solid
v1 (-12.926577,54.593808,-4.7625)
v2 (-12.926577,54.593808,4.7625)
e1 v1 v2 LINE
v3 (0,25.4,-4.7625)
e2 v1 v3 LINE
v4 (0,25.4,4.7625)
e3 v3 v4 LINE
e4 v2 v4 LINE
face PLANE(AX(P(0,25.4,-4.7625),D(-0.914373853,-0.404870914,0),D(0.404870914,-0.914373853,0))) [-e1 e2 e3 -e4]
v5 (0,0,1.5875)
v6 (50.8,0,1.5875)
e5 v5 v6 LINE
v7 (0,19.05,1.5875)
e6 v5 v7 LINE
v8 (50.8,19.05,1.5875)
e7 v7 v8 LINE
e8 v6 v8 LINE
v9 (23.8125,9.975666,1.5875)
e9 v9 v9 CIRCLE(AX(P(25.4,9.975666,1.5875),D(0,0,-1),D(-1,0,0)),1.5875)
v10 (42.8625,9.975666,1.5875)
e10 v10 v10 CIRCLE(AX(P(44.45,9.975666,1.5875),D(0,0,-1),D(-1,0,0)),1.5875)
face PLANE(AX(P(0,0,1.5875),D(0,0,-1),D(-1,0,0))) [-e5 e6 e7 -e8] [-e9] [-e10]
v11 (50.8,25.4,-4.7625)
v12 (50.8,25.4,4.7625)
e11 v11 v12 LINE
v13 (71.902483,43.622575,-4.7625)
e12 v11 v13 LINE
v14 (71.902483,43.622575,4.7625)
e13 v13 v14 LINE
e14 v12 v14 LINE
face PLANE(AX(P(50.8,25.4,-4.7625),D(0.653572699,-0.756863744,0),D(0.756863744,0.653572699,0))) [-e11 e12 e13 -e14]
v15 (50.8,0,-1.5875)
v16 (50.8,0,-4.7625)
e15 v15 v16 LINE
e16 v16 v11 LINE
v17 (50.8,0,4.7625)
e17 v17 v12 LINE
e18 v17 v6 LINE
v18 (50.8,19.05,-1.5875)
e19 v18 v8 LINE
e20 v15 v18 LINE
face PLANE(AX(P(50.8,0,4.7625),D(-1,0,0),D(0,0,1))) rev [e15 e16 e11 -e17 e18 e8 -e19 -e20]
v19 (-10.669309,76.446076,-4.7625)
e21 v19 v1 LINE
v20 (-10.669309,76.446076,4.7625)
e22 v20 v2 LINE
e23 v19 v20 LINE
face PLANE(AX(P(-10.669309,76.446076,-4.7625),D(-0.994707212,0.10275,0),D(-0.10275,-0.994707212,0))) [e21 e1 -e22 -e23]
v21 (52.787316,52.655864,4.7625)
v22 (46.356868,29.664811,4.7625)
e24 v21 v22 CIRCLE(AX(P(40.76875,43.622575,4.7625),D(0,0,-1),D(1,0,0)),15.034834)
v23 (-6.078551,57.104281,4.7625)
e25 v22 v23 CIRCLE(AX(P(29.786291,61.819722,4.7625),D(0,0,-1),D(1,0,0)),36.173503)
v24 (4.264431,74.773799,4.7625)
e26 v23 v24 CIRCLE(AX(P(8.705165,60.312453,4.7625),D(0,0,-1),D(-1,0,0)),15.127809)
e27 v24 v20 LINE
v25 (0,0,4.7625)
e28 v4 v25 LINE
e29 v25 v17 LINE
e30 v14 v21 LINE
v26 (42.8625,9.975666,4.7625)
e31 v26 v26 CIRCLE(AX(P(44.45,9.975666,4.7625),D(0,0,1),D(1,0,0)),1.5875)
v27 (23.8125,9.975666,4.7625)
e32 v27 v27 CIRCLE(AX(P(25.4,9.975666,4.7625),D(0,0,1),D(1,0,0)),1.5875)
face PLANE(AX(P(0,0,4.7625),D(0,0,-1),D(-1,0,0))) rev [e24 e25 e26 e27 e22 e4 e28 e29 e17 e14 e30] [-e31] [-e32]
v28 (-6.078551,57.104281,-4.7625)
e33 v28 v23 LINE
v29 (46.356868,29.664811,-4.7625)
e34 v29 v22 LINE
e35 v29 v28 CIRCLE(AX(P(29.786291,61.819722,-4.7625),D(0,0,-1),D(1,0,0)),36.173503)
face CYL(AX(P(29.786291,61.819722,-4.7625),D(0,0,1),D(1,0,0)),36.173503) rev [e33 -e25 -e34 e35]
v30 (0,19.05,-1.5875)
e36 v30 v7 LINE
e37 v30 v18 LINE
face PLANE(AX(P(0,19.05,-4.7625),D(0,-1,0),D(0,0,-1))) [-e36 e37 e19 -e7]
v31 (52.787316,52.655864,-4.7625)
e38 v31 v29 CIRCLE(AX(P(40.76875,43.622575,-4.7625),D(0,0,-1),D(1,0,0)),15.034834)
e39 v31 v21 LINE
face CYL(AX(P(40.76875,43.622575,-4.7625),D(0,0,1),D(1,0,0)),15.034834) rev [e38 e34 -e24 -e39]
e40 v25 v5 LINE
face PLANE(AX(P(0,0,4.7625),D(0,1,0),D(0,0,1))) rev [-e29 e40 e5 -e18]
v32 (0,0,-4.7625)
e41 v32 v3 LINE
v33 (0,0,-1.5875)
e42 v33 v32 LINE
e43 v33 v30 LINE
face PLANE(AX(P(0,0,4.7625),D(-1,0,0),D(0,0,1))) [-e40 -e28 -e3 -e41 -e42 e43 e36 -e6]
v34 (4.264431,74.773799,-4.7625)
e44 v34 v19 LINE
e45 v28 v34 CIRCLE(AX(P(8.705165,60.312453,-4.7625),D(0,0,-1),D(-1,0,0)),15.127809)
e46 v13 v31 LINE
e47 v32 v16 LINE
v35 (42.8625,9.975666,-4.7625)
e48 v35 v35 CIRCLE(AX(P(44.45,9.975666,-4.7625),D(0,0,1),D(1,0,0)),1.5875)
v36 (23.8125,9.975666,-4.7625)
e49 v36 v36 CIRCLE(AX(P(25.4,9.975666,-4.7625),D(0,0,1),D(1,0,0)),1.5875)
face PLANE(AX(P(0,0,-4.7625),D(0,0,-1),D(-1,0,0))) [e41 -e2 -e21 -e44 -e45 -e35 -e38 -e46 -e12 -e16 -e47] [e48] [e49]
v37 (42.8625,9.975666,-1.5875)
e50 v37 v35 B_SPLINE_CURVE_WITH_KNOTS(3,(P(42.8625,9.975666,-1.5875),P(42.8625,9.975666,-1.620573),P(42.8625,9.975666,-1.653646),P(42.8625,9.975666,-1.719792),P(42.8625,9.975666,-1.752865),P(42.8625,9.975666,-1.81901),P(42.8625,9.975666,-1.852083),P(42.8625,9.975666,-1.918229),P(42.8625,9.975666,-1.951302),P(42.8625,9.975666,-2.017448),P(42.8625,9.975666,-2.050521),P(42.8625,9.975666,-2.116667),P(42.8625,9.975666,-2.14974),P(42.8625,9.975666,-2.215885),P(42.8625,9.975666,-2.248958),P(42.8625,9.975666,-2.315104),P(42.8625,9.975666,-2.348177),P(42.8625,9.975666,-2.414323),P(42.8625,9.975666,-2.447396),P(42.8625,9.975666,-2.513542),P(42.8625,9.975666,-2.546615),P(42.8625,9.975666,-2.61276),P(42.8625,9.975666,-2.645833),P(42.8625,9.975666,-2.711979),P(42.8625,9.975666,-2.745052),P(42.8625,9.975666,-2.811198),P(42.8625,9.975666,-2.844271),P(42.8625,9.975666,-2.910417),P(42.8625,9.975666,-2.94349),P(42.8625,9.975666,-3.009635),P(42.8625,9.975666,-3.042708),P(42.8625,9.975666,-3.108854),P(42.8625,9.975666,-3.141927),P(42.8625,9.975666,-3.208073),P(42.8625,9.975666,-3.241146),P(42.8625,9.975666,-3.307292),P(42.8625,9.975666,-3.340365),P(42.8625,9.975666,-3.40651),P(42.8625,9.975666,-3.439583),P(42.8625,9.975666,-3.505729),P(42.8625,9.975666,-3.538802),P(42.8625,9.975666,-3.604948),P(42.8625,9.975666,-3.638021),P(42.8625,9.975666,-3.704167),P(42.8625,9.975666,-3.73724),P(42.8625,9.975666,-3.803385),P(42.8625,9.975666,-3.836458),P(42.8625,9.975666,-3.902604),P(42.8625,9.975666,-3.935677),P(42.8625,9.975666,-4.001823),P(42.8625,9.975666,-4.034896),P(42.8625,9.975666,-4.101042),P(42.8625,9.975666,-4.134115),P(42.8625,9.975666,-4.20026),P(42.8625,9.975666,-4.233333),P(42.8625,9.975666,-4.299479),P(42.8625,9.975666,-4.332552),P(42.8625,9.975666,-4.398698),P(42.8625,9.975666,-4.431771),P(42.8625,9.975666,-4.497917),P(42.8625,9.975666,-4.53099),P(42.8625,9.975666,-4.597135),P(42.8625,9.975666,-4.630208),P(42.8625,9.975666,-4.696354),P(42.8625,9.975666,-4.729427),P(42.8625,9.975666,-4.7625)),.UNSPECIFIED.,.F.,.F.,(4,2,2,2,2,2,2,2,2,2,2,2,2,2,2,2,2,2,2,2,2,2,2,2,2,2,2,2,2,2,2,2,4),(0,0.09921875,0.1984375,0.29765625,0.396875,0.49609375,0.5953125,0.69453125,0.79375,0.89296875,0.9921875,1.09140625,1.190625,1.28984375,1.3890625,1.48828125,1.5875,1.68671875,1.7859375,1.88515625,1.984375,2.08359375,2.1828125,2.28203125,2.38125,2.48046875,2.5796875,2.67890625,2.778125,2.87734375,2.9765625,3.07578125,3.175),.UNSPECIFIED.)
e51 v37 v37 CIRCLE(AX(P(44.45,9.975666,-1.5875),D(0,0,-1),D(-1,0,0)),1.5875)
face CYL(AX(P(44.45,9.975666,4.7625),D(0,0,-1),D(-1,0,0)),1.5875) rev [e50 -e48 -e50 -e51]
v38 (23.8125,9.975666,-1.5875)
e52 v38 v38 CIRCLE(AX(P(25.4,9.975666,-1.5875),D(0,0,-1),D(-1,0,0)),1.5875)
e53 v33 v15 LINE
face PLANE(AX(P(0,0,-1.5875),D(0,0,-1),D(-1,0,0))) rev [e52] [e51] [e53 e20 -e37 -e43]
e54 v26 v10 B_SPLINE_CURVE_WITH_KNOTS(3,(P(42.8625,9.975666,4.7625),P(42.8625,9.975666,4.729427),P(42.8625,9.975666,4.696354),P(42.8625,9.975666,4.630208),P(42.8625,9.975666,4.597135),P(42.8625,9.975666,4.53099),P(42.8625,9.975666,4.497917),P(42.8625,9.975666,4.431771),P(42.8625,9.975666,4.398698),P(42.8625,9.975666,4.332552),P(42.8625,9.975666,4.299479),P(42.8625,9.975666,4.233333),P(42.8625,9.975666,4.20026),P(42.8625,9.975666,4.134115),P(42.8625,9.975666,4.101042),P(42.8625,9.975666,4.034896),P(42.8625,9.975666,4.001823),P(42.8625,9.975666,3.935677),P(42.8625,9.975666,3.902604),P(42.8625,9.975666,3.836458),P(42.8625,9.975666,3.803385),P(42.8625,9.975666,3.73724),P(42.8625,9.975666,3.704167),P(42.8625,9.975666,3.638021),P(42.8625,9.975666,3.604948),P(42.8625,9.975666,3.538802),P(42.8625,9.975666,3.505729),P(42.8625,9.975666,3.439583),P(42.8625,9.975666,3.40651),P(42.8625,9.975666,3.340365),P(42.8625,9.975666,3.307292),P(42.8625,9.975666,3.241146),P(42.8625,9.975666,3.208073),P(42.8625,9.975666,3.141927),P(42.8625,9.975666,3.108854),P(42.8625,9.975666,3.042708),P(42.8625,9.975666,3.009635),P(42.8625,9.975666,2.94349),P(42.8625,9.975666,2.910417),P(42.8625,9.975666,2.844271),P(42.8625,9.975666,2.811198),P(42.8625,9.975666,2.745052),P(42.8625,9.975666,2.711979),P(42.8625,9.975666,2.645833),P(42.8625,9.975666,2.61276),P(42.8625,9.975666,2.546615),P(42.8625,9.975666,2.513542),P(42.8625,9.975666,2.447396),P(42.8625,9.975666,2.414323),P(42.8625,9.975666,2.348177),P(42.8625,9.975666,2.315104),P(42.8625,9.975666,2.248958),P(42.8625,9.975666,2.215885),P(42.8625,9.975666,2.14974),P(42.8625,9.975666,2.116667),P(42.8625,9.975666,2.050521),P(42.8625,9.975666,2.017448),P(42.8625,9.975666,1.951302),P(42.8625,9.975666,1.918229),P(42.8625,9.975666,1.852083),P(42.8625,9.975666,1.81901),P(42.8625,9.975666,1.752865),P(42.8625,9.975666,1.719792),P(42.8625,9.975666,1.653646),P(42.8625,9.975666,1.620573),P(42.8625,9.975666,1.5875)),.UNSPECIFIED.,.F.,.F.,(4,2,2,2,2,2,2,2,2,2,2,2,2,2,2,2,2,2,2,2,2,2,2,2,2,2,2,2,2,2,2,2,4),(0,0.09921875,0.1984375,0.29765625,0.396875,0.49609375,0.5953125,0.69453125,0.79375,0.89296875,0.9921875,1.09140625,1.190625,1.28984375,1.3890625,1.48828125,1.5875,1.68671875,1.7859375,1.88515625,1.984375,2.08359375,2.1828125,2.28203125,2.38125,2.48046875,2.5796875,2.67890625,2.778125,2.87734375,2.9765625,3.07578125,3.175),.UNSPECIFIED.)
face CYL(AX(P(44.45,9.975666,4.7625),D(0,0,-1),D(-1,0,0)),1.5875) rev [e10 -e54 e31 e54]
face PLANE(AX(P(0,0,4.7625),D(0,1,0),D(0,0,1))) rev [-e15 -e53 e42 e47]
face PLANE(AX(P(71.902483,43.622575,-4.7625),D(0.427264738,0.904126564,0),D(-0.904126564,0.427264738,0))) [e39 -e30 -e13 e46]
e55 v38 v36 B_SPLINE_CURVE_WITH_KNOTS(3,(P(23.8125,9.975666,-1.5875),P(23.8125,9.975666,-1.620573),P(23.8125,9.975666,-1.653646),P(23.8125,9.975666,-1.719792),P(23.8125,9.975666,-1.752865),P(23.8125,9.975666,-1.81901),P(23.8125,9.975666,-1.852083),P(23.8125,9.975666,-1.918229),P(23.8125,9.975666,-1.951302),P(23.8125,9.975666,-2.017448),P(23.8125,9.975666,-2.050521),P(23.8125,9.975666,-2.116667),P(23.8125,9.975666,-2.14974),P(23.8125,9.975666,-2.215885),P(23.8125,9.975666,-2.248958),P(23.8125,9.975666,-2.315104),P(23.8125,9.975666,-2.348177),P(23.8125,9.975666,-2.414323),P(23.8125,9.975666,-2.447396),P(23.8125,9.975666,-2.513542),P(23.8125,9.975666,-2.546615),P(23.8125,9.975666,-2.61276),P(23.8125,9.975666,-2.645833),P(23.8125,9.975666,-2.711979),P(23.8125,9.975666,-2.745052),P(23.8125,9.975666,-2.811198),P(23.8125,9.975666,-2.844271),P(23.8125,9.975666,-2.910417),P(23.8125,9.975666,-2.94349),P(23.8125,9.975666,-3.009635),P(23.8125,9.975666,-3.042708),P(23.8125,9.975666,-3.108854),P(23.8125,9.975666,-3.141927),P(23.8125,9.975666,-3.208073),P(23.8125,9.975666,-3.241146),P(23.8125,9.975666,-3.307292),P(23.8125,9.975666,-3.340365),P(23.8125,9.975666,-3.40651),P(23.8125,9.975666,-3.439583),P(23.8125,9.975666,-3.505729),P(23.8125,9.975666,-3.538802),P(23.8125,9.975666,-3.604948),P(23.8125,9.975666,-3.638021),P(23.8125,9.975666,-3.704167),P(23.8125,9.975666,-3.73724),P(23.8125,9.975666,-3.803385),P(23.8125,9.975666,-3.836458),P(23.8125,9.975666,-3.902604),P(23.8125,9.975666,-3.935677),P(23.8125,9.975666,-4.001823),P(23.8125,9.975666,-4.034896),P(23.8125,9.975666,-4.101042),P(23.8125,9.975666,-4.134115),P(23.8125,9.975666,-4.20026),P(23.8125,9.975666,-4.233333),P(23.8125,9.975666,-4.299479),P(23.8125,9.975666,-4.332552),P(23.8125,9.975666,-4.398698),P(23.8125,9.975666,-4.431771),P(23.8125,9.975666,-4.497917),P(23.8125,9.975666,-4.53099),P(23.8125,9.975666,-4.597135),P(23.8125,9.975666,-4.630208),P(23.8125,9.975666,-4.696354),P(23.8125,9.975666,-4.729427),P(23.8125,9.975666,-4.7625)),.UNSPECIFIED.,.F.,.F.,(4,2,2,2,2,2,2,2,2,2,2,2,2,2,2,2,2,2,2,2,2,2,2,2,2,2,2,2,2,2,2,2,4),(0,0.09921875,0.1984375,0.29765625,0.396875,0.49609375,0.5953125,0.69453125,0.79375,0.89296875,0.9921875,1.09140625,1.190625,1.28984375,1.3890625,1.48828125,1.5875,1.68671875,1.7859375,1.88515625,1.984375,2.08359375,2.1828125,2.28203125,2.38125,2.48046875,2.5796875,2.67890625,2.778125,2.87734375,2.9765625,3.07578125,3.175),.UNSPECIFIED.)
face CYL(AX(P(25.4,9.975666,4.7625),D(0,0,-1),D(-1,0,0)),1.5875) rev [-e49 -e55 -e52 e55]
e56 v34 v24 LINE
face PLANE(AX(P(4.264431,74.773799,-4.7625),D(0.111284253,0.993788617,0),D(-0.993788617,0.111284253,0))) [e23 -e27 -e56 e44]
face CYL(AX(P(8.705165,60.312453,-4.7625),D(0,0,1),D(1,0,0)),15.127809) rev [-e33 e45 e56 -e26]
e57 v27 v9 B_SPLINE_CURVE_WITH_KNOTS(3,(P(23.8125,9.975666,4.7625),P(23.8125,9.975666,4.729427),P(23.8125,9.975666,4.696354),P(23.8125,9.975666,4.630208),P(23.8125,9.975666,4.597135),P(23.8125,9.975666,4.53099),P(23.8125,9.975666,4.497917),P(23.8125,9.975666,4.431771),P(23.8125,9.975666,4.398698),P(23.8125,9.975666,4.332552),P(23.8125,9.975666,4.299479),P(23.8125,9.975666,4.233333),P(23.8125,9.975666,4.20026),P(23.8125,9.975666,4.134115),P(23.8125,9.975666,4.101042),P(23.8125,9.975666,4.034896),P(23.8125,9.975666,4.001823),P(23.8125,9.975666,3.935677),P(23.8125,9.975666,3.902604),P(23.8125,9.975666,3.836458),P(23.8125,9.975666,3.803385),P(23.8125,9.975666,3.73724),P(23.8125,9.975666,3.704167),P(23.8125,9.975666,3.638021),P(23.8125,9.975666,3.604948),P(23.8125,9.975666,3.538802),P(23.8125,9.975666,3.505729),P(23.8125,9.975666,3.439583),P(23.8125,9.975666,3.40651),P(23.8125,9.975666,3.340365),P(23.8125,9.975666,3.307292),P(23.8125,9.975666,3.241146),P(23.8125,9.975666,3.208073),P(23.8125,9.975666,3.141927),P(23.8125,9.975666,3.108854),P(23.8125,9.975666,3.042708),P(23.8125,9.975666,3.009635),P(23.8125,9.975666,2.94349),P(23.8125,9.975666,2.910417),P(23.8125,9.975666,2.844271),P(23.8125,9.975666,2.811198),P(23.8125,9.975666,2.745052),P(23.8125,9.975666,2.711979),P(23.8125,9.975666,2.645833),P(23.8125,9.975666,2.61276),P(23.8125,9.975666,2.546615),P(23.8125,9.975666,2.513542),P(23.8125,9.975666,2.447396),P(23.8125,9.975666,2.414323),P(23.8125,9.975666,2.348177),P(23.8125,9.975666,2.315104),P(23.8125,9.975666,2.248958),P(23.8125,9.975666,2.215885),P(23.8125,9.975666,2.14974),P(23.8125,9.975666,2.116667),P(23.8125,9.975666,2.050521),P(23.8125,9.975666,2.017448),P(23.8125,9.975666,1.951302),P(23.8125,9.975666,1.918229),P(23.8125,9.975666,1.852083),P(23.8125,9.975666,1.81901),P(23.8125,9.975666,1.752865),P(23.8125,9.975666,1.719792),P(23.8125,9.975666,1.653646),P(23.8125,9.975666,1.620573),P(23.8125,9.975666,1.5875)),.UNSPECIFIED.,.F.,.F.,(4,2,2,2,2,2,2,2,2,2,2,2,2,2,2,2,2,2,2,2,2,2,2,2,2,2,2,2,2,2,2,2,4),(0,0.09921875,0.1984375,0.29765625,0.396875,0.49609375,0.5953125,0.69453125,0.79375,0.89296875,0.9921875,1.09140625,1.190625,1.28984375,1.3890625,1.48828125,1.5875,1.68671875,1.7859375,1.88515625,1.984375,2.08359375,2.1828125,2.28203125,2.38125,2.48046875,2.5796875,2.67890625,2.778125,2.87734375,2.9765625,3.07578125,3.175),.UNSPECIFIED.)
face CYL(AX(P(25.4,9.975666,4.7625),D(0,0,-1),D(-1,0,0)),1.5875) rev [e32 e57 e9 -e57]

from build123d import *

# Parameters (mm, degrees)
SKETCH7_W           = 50.8
SKETCH7_H           = 19.05
SKETCH7_R           = 1.5875
BOSS_EXTRUDE1_DEPTH = 4.7625
SKETCH7_6_W         = 50.8
SKETCH7_6_H         = 19.05
CUT_EXTRUDE1_DEPTH  = 1.5875
SKETCH13_W          = 50.8
SKETCH13_H          = 6.35
BOSS_EXTRUDE4_DEPTH = 9.525
BOSS_EXTRUDE5_DEPTH = 9.525


with BuildPart() as part:
    # Sketch7 → Boss-Extrude1 (new, symmetric)
    with BuildSketch(Plane.XY):
        with Locations((25.4, 9.525)):
            Rectangle(SKETCH7_W, SKETCH7_H)
        with Locations((25.4, 9.975665903)):
            Circle(SKETCH7_R, mode=Mode.SUBTRACT)
        with Locations((44.45, 9.975665903)):
            Circle(SKETCH7_R, mode=Mode.SUBTRACT)
    extrude(amount=BOSS_EXTRUDE1_DEPTH, both=True)

    # Sketch7<6> → Cut-Extrude1 (cut, symmetric)
    with BuildSketch(Plane.XY):
        with Locations((25.4, 9.525)):
            Rectangle(SKETCH7_6_W, SKETCH7_6_H)
    extrude(amount=CUT_EXTRUDE1_DEPTH, both=True, mode=Mode.SUBTRACT)


with BuildPart() as cut_extrude1_piece_1:
    # of the separate pieces the step leaves, piece 1, a body of its own (cut_extrude1_pieces)
    add(part.part.solids().sort_by_distance((0, 0, 4.7625))[0])



with BuildPart() as cut_extrude1_piece_2:
    # of the separate pieces the step leaves, piece 2, a body of its own (cut_extrude1_pieces)
    add(part.part.solids().sort_by_distance((0, 0, -1.5875))[0])


with BuildPart() as cut_extrude1_piece_1_1:
    add(cut_extrude1_piece_1.part)

    add(cut_extrude1_piece_2.part)  # Boss-Extrude4 merges Cut-Extrude1 piece 2
    # Sketch13 → Boss-Extrude4 (add)
    with BuildSketch(Plane.XY.offset(4.7625)):
        with Locations((25.4, 22.225)):
            Rectangle(SKETCH13_W, SKETCH13_H)
    extrude(amount=-BOSS_EXTRUDE4_DEPTH)

    # Sketch14 → Boss-Extrude5 (add)
    with BuildSketch(Plane.XY.offset(4.7625)):
        with BuildLine():
            Line((50.8, 25.4), (71.902482506, 43.622575132))
            Line((71.902482506, 43.622575132), (52.787315523, 52.655864431))
            ThreePointArc((52.787315523, 52.655864431), (55.247905821, 39.572849469), (46.356867644, 29.664811055))
            ThreePointArc((46.356867644, 29.664811055), (13.014341519, 29.769386724), (-6.078550984, 57.104280913))
            ThreePointArc((-6.078550984, 57.104280913), (-4.350402215, 67.954625431), (4.26443102, 74.773798595))
            Line((4.26443102, 74.773798595), (-10.669308695, 76.446075822))
            Line((-10.669308695, 76.446075822), (-12.926576502, 54.593807627))
            Line((-12.926576502, 54.593807627), (0, 25.4))
            Line((0, 25.4), (50.8, 25.4))
        make_face()
    extrude(amount=-BOSS_EXTRUDE5_DEPTH)


solid = cut_extrude1_piece_1_1.part
